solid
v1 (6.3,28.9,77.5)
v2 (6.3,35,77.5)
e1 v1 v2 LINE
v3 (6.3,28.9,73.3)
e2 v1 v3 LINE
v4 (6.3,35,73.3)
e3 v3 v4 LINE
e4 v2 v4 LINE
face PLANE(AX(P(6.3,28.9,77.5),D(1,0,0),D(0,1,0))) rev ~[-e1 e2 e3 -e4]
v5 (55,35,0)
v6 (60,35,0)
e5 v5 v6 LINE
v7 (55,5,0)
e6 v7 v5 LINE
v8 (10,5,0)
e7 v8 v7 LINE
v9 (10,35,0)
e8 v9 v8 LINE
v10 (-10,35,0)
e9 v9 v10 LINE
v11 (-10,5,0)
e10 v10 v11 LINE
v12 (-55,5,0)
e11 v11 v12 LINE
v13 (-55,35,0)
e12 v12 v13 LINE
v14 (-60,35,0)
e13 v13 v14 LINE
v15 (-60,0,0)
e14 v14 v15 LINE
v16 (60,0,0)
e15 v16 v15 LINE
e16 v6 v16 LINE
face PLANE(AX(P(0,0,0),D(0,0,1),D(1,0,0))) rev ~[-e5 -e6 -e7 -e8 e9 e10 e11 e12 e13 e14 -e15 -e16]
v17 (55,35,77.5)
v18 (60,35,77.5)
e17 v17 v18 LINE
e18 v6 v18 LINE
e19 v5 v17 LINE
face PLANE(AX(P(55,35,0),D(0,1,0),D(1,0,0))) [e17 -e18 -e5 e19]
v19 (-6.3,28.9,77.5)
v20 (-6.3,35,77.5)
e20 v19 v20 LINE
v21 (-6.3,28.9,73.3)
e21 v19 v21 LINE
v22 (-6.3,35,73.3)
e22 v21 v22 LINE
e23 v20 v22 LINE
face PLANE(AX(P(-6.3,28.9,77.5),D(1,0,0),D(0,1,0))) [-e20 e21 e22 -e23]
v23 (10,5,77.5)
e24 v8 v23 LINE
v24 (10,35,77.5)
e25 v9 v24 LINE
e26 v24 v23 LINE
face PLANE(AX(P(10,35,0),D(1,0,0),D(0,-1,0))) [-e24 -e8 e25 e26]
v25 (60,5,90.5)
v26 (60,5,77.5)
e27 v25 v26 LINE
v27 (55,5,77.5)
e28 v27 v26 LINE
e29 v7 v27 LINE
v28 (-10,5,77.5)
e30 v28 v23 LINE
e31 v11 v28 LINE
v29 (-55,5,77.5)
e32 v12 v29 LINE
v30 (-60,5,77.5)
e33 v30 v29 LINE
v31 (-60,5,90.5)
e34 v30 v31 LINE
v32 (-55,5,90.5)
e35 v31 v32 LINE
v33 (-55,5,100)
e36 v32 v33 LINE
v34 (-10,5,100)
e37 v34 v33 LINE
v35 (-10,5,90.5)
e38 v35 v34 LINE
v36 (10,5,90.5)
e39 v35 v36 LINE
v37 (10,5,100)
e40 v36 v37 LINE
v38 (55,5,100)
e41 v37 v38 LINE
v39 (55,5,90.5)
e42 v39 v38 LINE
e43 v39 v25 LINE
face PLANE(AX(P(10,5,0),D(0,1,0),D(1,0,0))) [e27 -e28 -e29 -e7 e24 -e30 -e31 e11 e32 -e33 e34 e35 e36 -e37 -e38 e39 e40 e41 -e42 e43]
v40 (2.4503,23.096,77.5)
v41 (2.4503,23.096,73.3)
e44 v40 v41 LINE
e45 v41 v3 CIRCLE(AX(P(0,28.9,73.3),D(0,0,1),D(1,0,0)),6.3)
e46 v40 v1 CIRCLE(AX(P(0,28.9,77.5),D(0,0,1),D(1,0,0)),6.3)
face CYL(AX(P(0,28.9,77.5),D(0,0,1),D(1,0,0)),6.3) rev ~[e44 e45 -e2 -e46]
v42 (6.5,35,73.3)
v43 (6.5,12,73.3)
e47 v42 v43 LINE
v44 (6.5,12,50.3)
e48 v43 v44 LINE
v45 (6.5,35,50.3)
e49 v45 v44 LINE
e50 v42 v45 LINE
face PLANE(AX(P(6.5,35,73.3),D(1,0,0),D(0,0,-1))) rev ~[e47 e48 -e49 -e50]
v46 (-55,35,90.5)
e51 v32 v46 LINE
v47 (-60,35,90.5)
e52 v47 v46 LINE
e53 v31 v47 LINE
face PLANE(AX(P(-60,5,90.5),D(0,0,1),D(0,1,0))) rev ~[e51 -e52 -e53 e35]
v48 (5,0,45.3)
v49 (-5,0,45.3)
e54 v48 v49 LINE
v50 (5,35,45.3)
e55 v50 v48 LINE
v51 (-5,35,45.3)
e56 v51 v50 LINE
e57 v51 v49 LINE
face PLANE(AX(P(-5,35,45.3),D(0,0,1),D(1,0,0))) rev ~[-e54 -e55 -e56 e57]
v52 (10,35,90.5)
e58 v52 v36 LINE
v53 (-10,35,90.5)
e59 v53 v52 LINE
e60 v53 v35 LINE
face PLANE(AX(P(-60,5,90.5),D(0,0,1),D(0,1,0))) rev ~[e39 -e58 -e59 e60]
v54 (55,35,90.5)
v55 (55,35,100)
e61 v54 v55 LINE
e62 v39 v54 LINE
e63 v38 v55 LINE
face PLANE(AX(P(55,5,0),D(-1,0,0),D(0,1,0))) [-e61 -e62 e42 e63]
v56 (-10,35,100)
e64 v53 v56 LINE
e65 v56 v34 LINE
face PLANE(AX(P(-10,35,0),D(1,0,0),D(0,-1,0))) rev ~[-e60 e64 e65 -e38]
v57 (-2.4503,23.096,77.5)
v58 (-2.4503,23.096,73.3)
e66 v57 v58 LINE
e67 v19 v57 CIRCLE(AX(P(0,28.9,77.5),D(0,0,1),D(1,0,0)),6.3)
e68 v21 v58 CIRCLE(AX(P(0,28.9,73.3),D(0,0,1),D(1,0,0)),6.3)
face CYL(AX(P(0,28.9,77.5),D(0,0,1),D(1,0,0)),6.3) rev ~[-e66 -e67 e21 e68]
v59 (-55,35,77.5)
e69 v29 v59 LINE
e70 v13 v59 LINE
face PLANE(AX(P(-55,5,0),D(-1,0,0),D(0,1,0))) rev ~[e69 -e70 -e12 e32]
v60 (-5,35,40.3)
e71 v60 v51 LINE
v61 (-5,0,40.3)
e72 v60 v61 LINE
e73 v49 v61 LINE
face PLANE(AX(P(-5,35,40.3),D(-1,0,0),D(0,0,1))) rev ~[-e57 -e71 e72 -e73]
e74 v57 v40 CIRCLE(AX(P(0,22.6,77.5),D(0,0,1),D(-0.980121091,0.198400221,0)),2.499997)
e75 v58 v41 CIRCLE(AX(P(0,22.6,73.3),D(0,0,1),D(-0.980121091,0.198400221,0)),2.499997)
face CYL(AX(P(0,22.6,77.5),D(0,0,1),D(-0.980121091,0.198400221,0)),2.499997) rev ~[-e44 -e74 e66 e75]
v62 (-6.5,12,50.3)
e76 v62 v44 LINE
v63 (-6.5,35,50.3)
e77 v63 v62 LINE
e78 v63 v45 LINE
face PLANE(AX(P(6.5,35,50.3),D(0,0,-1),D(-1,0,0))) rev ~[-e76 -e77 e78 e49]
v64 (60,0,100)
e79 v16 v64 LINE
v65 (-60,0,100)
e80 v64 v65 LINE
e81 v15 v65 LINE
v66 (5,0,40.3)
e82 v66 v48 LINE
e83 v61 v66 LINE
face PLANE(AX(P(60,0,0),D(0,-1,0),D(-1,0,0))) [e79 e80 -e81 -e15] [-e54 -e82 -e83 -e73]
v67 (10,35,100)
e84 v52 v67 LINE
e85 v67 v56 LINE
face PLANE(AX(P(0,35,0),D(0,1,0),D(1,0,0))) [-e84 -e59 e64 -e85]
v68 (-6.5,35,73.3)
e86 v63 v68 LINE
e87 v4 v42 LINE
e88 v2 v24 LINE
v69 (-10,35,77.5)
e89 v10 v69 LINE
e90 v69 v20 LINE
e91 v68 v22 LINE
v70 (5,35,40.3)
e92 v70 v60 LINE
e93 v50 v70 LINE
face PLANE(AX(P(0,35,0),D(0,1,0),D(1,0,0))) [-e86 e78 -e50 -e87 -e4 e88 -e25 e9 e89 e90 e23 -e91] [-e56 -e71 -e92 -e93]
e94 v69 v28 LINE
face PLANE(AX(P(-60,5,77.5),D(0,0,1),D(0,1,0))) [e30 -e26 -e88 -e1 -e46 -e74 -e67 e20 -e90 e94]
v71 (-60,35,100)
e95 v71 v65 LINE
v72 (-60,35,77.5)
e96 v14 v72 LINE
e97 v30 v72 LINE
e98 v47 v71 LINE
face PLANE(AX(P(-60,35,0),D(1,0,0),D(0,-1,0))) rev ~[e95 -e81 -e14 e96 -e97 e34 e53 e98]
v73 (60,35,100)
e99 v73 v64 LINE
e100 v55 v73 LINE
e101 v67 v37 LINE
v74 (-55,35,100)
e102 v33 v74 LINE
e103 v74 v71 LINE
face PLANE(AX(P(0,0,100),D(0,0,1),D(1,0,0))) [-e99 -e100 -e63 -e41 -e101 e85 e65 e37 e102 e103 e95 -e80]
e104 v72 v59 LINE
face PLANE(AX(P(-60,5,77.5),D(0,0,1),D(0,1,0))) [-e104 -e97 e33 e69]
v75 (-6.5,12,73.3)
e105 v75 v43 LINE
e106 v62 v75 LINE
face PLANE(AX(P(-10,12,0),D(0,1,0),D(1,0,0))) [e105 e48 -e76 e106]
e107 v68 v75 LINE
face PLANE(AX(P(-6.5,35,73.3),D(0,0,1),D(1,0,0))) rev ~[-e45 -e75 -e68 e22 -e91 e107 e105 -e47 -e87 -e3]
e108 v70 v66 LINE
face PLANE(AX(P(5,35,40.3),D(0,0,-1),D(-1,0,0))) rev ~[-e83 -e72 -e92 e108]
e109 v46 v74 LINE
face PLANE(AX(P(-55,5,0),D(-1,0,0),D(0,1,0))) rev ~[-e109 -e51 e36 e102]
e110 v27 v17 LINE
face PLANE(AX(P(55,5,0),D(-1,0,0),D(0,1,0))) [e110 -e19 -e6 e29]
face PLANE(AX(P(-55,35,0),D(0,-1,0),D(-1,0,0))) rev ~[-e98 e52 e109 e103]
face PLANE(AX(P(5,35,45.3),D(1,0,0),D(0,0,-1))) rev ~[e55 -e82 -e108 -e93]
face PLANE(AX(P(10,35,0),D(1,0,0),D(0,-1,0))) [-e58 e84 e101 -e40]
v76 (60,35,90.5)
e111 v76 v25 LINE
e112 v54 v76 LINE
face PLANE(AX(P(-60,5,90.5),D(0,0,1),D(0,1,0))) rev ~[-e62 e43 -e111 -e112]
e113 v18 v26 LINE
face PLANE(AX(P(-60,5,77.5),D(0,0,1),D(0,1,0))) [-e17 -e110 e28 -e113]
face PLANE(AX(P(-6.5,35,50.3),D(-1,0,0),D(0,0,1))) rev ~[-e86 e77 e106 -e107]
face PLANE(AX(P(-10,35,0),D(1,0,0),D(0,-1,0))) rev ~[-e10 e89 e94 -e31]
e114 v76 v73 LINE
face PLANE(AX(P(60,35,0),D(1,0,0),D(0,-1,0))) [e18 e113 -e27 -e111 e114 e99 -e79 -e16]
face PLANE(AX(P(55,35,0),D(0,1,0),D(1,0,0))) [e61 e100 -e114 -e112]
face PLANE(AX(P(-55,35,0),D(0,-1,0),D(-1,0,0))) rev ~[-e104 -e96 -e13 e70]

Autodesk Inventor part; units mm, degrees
ref_plane "YZ Plane" through (0, 0, 0) normal (1, 0, 0) x (0, 1, 0)
ref_plane "XZ Plane" through (0, 0, 0) normal (0, 1, 0) x (-1, 0, 0)
sketch "Sketch1" plane through (0, 0, 0) normal (0, 0, 1) x (1, 0, 0)
  line L0 (0, 0) -> (0, 35) construction
  line L1 (0, 35) -> (-10, 35)
  line L2 (-10, 35) -> (-10, 5)
  line L3 (-10, 5) -> (-55, 5)
  line L4 (-55, 5) -> (-55, 35)
  line L5 (-55, 35) -> (-60, 35)
  line L6 (-60, 35) -> (-60, 0)
  line L7 (-60, 0) -> (0, 0)
  line L8 (0, 35) -> (10, 35)
  line L9 (10, 35) -> (10, 5)
  line L10 (10, 5) -> (55, 5)
  line L11 (55, 5) -> (55, 35)
  line L12 (55, 35) -> (60, 35)
  line L13 (60, 35) -> (60, 0)
  line L14 (60, 0) -> (0, 0)
  point P0 (-55, 0)
  point P1 (-10, 0)
  point P2 (55, 0)
  point P3 (10, 0)
  dimension "d0" = 35
  dimension "d1" = 10
  dimension "d2" = 30
  dimension "d3" = 45
  dimension "d4" = 5
extrude "Extrusion1" add sketch "Sketch1" along normal blind 100
sketch "Sketch3" plane through (-60, 0, 0) normal (-1, 0, 0) x (0, 0, 1)
  line L0 (0, 5) -> (100, 5) projected
  line L1 (0, 35) -> (0, 0) projected
  line L2 (0, 5) -> (80, 5)
  line L3 (82.5, 5) -> (77.5, 5)
  line L4 (77.5, 5) -> (77.5, 35)
  line L5 (0, 35) -> (100, 35) projected
  line L6 (82.5, 5) -> (82.5, 35)
  point P0 (82.5, 5)
  point P1 (77.5, 5)
  dimension "d8" = 80
  dimension "d9" = 5
extrude "Extrusion2" cut sketch "Sketch3" against normal through all contours L4 L5 L6 L0
sketch "Sketch4" plane through (-10, 35, 0) normal (0, 1, 0) x (1, 0, 0)
  line L0 (10, 0) -> (10, -50.3)
  line L1 (16.5, -50.3) -> (3.5, -50.3)
  line L2 (3.5, -50.3) -> (3.5, -73.3)
  line L3 (3.5, -73.3) -> (16.5, -73.3)
  line L4 (16.5, -73.3) -> (16.5, -50.3)
  dimension "d12" = 50.3
  dimension "d13" = 13
  dimension "d14" = 23
extrude "Extrusion3" cut sketch "Sketch4" against normal blind 23
sketch "Sketch11" plane through (-10, 35, 77.5) normal (0, 0, 1) x (1, 0, 0)
  line L0 (20, 0) -> (0, 0) projected
  line L1 (0, 0) -> (10, 0)
  line L2 (10, 0) -> (10, -6.1) construction
  circle A0 centre (10, -6.1) radius 6.3
  line L3 (10, -6.1) -> (10, -12.4) construction
  arc A1 (12.4503, -11.904) -> (10, -9.9) centre (10, -12.4) ccw construction
  arc A2 (7.5497, -11.904) -> (12.4503, -11.904) centre (10, -12.4) ccw
  arc A3 (10, -9.9) -> (7.5497, -11.904) centre (10, -12.4) ccw construction
  line L4 (16.5, 0) -> (16.5, -23) projected
  line L5 (16.3, -6.1) -> (16.3, 0)
  line L6 (3.7, -6.1) -> (3.7, 0)
  line L7 (3.7, 0) -> (16.3, 0)
  line L8 (16.5, 0) -> (3.5, 0) projected
  point P0 (10, -35)
  point P1 (3.7, 0)
  dimension "d32" = 10
  dimension "d33" = 6.1
  dimension "d34" = 12.6
  dimension "d35" = 6.3
  dimension "d36" = 5
extrude "Extrusion8" cut sketch "Sketch11" against normal blind 5 contours L5 A0 L0 | A0 L0 | A0 L6 L0 | A2 A0 picked at (7.9397, -7.6935)
sketch "Sketch12" plane through (-60, 0, 0) normal (-1, 0, 0) x (0, 0, 1)
  line L0 (82.5, 35) -> (82.5, 5) projected
  line L1 (82.5, 35) -> (100, 35) projected
  line L2 (82.5, 5) -> (90.5, 5)
  line L3 (82.5, 5) -> (100, 5) projected
  line L4 (90.5, 5) -> (90.5, 35)
  point P0 (0, 0)
  dimension "d39" = 8
extrude "Extrusion9" cut sketch "Sketch12" against normal through all
ref_plane "Work Plane1" through (-10, 5, 84) normal (0, 0, 1) x (1, 0, 0)
sketch "Sketch14" plane through (-10, 35, 0) normal (0, 1, 0) x (1, 0, 0)
  line L0 (5, -45.3) -> (15, -45.3)
  line L1 (15, -45.3) -> (15, -40.3)
  line L2 (15, -40.3) -> (5, -40.3)
  line L3 (5, -40.3) -> (5, -45.3)
  line L4 (0, 0) -> (0, -77.5) projected
  line L5 (3.5, -50.3) -> (16.5, -50.3) projected
  point P0 (10, 0)
  point P1 (5, -42.8)
  point P2 (10, -45.3)
  point P3 (10, -50.3)
  dimension "d47" = 10
  dimension "d48" = 5
  dimension "d49" = 5
  dimension "d50" = 5
extrude "Extrusion11" cut sketch "Sketch14" against normal through all
equation "\"d37\" = d36"
properties part number "Selection Body V1_3DPrint"
